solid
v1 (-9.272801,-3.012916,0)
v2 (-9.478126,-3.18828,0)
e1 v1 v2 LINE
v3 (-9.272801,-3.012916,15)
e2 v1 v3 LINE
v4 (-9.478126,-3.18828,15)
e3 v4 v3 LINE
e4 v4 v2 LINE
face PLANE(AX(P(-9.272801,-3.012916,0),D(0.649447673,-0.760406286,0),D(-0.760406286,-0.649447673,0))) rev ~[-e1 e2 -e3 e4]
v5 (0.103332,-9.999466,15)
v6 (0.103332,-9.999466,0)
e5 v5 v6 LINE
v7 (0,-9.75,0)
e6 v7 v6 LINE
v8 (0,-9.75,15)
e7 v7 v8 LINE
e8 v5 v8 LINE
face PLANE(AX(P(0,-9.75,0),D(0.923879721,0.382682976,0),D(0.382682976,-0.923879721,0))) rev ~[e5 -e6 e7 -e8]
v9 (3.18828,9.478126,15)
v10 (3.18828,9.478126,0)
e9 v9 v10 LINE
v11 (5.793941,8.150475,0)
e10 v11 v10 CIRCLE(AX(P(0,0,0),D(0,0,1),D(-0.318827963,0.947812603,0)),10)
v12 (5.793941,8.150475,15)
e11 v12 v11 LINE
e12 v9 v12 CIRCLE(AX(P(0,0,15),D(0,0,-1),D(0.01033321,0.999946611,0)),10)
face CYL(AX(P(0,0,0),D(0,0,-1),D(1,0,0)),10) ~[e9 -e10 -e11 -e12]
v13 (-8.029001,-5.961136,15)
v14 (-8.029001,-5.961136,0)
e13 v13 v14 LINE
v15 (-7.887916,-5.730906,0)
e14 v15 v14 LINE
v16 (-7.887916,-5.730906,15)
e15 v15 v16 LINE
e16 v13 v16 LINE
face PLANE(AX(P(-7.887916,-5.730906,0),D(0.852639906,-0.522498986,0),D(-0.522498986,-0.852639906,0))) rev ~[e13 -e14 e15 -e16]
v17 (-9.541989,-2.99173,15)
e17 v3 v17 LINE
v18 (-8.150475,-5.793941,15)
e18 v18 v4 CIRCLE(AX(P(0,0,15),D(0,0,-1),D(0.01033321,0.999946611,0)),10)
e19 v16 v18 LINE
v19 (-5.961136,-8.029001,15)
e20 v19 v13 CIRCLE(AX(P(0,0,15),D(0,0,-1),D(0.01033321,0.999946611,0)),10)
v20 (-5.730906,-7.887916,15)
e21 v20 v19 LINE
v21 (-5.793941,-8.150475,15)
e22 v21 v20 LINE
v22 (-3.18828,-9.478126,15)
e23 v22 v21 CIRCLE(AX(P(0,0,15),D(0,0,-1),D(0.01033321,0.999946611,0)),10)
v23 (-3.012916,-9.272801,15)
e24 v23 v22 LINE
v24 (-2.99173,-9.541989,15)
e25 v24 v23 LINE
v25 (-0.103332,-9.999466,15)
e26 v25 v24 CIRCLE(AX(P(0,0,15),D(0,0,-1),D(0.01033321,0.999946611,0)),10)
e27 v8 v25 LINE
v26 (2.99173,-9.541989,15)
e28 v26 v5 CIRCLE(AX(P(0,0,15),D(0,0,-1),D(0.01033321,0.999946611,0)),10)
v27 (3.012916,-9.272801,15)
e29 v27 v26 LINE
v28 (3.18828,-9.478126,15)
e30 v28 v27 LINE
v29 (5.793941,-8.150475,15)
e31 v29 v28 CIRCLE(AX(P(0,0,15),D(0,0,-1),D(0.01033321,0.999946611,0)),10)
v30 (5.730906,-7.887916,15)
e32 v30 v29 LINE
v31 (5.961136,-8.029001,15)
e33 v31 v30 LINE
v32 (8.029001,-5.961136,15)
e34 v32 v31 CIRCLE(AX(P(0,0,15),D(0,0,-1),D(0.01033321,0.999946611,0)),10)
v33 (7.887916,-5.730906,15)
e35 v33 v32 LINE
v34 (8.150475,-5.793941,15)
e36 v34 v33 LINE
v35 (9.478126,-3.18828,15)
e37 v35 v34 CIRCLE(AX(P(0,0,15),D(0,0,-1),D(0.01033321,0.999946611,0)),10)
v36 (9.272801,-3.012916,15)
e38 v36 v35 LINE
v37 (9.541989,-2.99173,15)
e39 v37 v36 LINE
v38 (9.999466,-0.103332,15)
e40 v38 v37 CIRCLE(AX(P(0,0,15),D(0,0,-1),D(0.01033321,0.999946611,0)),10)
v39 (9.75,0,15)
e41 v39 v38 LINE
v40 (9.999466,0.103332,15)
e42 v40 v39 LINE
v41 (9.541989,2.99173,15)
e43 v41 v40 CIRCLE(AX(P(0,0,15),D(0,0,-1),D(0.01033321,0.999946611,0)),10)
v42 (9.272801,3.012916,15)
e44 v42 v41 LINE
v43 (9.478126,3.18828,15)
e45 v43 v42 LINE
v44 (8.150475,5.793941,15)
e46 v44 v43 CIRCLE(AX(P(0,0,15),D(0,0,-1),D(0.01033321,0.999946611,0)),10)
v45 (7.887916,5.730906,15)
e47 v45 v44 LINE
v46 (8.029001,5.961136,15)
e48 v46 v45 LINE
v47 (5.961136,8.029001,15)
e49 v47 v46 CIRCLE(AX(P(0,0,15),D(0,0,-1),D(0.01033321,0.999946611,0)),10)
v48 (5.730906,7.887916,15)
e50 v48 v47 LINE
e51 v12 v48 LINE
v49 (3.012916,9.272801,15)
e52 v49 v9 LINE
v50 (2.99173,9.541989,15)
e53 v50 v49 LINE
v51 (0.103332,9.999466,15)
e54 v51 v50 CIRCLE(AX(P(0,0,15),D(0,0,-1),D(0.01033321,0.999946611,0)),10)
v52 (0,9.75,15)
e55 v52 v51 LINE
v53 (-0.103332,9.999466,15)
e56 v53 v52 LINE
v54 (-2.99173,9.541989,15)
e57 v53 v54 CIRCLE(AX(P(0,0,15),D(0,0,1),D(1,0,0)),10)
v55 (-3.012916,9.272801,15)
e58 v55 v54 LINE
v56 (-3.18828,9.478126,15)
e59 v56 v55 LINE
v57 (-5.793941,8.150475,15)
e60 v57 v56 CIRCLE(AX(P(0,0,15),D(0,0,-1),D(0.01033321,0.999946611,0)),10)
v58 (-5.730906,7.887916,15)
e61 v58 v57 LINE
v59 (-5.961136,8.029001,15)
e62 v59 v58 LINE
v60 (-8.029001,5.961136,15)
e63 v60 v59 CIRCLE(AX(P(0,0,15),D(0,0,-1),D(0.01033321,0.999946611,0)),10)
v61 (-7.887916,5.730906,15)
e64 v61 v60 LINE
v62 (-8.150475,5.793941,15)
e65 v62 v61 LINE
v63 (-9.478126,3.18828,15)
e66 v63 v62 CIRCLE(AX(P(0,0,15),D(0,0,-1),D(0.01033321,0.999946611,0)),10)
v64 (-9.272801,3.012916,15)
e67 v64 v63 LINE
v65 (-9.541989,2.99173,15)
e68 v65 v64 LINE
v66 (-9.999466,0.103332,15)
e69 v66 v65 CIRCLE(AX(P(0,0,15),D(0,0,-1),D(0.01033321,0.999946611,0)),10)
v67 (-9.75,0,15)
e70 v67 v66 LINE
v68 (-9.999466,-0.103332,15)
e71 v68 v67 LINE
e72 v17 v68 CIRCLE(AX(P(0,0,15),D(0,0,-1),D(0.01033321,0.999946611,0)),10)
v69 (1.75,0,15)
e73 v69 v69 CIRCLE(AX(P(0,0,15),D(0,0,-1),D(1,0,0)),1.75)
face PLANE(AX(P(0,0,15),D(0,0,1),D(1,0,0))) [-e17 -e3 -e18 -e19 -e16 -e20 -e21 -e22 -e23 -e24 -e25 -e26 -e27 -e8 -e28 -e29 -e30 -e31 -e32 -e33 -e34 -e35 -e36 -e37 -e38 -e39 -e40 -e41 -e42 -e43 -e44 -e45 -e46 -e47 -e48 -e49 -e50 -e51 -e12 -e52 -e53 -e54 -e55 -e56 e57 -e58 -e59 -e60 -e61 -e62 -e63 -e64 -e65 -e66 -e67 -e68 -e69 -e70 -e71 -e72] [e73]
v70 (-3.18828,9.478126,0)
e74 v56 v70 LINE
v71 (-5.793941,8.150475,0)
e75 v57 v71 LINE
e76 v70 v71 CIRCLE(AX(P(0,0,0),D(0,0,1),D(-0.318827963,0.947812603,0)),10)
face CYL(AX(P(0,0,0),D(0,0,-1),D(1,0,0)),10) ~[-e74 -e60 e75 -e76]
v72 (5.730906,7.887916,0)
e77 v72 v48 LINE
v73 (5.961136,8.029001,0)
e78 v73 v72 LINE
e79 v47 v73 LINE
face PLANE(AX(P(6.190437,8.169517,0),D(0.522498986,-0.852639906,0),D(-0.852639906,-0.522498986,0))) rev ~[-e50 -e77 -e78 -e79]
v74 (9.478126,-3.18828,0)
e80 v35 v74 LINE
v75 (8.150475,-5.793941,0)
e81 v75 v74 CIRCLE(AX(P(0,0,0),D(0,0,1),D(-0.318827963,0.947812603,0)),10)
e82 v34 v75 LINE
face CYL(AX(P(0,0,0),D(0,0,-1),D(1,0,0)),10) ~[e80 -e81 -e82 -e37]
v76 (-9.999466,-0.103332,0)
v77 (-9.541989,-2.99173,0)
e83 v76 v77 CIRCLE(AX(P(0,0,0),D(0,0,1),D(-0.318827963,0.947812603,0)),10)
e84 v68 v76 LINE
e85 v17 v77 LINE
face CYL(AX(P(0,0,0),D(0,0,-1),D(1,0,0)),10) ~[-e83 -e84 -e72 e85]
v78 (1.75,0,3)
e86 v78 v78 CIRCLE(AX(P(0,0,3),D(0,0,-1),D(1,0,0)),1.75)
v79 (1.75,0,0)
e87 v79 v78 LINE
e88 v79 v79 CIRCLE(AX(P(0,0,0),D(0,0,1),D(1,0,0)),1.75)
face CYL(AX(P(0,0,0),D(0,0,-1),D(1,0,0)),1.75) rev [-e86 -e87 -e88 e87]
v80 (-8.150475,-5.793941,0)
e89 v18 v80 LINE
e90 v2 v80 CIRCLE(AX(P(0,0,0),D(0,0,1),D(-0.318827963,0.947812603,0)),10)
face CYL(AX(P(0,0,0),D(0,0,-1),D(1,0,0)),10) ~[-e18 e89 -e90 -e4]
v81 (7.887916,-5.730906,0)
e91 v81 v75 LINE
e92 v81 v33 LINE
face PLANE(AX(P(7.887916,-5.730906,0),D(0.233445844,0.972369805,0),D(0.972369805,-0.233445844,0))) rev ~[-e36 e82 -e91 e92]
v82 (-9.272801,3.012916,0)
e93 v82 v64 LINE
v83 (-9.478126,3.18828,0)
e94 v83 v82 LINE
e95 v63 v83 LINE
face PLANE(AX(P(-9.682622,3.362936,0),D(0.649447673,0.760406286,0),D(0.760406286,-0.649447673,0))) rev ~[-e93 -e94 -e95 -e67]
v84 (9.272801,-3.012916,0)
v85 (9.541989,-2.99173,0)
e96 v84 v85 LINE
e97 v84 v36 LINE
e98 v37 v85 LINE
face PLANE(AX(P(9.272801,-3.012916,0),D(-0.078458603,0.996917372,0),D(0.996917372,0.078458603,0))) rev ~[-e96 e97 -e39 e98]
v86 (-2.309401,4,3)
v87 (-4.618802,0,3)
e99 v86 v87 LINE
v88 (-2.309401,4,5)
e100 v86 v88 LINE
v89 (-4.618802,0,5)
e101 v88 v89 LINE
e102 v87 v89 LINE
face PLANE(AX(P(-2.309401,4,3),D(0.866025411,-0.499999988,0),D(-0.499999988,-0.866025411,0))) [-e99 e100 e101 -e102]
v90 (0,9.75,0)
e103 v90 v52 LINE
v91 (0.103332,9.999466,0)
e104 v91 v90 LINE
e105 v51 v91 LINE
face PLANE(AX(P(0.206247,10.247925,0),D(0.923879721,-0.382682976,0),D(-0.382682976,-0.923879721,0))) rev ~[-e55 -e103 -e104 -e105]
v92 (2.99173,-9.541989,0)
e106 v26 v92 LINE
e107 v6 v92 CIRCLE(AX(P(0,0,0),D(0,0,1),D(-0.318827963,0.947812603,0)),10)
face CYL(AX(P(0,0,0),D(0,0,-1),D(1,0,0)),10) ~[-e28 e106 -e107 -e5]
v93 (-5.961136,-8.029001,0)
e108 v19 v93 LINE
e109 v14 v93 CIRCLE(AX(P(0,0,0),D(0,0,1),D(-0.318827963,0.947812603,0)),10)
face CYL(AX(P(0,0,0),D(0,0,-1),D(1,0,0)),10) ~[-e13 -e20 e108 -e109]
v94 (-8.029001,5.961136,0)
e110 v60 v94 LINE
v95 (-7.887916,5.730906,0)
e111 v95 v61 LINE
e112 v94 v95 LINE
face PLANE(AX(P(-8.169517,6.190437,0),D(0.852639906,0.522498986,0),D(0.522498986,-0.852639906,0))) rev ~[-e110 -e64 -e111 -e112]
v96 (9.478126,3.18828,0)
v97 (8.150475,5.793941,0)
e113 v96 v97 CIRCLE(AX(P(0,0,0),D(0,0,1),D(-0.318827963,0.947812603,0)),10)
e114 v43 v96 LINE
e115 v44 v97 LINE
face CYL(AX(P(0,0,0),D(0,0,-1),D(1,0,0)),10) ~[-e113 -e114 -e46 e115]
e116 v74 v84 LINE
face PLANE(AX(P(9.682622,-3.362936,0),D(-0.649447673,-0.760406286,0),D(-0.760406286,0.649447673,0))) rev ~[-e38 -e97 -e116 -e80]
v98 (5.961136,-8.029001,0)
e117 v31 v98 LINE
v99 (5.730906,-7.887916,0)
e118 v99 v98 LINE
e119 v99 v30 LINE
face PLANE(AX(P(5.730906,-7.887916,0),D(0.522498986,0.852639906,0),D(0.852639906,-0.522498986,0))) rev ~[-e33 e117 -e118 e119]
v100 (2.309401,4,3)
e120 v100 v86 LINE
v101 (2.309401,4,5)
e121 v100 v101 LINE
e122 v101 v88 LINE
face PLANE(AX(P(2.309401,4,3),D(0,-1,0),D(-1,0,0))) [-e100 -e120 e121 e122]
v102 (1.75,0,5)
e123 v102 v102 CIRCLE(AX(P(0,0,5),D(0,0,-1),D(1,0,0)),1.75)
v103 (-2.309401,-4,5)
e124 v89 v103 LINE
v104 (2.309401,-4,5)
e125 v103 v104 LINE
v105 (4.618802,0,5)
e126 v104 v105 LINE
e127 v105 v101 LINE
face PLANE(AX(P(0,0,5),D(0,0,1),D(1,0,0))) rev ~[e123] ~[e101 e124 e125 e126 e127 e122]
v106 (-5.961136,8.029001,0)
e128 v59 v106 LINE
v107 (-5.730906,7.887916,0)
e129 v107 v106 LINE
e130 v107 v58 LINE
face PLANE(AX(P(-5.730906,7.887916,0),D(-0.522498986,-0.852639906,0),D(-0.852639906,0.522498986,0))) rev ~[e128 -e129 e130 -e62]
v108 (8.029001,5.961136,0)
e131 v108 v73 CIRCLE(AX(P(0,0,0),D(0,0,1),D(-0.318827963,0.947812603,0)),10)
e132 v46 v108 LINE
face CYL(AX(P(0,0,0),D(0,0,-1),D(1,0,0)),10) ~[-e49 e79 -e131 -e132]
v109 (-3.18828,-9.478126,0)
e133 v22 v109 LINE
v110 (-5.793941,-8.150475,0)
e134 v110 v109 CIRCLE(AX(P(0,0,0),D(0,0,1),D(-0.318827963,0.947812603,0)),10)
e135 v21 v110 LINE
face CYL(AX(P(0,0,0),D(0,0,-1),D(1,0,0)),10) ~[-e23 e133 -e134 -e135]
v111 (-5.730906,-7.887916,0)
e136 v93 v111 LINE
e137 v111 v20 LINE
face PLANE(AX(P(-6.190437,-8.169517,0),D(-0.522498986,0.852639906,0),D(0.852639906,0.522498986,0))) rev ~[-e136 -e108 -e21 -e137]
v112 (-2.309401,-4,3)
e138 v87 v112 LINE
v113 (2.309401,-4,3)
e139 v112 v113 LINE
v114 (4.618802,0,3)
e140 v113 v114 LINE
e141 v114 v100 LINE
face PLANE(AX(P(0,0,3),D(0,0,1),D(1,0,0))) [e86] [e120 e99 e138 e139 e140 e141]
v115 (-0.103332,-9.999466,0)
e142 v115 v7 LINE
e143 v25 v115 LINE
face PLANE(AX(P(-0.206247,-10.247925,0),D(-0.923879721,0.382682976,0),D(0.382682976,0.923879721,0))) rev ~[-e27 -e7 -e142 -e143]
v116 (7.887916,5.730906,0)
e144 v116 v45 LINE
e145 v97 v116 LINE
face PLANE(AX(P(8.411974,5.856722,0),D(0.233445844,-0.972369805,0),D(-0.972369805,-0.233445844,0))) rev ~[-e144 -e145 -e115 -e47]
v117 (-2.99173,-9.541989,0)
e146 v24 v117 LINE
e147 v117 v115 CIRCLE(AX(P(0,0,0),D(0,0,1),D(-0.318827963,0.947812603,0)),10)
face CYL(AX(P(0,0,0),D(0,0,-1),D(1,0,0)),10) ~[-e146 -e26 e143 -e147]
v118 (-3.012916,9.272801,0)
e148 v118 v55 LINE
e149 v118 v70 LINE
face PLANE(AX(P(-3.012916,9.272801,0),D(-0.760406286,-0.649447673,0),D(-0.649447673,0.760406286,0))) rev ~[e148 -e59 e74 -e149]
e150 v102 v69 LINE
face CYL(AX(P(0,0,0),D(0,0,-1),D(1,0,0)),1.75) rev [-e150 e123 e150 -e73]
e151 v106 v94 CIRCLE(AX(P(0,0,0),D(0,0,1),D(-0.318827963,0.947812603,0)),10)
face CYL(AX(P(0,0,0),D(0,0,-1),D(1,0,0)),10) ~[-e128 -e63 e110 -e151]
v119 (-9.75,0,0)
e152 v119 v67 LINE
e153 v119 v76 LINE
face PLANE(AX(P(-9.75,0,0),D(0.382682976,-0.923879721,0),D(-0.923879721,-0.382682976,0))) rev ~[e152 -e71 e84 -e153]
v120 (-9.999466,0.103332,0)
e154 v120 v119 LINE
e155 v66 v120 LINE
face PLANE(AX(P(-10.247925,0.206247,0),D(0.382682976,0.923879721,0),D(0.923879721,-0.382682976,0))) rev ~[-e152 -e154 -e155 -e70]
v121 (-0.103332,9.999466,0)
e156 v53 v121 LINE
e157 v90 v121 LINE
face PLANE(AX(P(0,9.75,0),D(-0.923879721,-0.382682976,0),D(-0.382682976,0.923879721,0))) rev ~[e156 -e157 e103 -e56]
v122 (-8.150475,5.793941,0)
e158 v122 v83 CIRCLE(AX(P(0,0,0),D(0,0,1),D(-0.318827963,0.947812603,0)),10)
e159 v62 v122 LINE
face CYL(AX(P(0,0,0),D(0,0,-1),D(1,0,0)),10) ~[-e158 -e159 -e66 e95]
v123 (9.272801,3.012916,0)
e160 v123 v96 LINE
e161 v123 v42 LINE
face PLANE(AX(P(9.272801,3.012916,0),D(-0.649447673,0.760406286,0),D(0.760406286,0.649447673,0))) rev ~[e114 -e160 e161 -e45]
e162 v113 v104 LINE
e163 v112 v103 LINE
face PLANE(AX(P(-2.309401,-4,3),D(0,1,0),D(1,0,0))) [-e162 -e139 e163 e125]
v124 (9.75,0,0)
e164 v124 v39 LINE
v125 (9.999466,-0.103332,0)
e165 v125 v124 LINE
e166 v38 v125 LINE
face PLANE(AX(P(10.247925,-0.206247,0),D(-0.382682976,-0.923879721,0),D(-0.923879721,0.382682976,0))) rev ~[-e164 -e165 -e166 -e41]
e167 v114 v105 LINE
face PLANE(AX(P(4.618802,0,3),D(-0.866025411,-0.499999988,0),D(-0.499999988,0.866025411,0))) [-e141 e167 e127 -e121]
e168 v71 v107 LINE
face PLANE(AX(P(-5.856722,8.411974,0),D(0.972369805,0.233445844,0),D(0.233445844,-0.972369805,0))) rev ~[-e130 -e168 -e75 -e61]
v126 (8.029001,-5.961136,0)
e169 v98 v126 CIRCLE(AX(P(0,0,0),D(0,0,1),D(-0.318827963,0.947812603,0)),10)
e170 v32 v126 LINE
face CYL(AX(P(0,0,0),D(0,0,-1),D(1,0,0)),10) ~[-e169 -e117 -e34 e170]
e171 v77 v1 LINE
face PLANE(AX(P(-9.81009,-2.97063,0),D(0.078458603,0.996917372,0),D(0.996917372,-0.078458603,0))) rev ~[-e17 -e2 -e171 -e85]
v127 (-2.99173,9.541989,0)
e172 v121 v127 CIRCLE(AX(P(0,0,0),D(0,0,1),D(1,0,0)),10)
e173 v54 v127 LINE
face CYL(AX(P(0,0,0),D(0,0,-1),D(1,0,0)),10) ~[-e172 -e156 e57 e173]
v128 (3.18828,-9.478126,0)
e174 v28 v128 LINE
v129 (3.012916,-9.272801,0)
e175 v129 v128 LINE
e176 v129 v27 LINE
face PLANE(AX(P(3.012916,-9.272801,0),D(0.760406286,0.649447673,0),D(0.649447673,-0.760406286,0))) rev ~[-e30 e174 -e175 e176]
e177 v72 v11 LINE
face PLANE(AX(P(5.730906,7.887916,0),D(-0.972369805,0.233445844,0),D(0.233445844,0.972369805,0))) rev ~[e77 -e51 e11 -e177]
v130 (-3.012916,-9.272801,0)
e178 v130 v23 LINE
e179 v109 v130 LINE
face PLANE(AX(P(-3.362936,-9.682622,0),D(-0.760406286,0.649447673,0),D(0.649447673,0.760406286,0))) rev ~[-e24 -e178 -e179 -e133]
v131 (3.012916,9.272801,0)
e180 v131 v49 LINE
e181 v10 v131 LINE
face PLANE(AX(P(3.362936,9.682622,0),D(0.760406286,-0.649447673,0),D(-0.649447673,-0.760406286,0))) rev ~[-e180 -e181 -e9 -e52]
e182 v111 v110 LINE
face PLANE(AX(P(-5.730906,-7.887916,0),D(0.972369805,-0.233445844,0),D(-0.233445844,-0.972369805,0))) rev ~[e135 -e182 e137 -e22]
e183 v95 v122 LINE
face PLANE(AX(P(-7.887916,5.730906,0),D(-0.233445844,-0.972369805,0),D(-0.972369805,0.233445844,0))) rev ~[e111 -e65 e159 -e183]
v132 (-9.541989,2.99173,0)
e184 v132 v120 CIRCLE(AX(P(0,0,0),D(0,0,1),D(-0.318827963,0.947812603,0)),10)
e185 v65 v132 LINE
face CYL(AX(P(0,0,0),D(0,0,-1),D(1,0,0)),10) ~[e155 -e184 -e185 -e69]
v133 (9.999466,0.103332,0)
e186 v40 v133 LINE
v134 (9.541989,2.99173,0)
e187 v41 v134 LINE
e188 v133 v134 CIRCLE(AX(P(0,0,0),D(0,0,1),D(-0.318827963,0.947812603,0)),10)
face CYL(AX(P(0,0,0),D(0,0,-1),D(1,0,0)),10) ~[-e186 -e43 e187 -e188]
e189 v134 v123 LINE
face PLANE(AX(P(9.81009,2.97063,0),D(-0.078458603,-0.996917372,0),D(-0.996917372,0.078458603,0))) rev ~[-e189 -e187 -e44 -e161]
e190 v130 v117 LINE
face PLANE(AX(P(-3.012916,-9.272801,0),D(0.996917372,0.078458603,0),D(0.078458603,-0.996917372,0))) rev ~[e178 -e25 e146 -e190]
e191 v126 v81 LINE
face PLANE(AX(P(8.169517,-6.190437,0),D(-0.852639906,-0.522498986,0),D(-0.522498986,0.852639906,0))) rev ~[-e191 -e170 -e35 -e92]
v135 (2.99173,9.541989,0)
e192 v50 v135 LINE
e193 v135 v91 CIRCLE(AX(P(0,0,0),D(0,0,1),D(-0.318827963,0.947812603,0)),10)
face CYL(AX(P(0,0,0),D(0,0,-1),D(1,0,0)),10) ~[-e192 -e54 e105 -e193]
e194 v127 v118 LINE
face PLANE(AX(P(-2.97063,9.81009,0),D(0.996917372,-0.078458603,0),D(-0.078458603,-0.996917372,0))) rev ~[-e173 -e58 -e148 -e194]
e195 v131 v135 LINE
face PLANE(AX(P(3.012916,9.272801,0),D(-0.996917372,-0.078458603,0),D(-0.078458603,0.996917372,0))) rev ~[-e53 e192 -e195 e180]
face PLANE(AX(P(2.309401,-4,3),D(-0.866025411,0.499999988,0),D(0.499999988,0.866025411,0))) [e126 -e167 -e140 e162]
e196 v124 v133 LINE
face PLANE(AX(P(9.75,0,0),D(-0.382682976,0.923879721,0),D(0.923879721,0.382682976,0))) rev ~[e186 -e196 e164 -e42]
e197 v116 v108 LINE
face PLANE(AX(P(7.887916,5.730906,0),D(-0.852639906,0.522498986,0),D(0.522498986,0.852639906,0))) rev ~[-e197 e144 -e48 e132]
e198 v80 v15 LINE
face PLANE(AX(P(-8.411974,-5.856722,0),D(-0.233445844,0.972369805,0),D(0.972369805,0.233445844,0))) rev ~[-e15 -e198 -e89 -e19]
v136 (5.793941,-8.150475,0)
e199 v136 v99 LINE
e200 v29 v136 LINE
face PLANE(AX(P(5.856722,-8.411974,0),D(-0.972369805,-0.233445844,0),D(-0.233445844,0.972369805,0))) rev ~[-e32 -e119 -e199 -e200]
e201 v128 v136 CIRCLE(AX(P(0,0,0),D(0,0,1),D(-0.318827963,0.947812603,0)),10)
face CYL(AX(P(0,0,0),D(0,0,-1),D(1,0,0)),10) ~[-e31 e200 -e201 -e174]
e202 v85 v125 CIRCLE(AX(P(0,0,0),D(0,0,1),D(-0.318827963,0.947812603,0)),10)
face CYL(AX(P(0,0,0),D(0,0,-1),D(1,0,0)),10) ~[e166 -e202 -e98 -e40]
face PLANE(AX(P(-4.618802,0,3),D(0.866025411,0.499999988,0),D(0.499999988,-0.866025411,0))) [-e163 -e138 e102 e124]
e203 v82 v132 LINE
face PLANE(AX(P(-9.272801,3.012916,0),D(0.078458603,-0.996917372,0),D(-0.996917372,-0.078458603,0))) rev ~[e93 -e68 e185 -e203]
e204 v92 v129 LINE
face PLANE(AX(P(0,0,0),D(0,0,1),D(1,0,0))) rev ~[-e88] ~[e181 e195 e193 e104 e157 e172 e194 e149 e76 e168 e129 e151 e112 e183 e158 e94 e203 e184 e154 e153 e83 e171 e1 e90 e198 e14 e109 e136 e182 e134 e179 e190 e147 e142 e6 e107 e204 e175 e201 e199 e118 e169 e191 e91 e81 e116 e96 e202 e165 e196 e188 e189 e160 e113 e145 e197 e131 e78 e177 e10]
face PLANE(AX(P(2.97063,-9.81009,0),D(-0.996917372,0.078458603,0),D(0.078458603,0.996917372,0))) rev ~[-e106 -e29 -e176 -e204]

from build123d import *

# Parameters (mm, degrees)
SKETCH_R           = 10
PAD_DEPTH          = 15
POCKET_DEPTH       = 2
SKETCH002_R        = 1.75
POCKET001_DEPTH    = 15.001
POCKET002_DEPTH    = 79.032242
POLARPATTERN_COUNT = 20


with BuildPart() as part:
    # Sketch → Pad (new body)
    with BuildSketch(Plane.XY):
        Circle(SKETCH_R)
    extrude(amount=PAD_DEPTH)

    # Sketch001 → Pocket (cut)
    with BuildSketch(Plane.XY.offset(3)):
        Polygon((4.618802, 0), (2.309401, 4), (-2.309401, 4), (-4.618802, 0), (-2.309401, -4), (2.309401, -4), align=None)
    extrude(amount=POCKET_DEPTH, mode=Mode.SUBTRACT)

    # Sketch002 → Pocket001 (cut, through all)
    with BuildSketch(Plane.XY):
        Circle(SKETCH002_R)
    extrude(amount=POCKET001_DEPTH, mode=Mode.SUBTRACT)

    # Sketch003 → Pocket002 (cut, through all)
    with BuildSketch(Plane.XY):
        Polygon((-0.206247, 10.247925), (0.206247, 10.247925), (0, 9.75), align=None)
    pocket002 = extrude(amount=POCKET002_DEPTH, mode=Mode.SUBTRACT)

    # PolarPattern: Pocket002 ×20 about axis
    polarpattern_axis = Axis((0, 0, 0), (0, 0, 1))
    for i in range(1, POLARPATTERN_COUNT):
        add(pocket002.rotate(polarpattern_axis, i * 360 / POLARPATTERN_COUNT), mode=Mode.SUBTRACT)


solid = part.part
